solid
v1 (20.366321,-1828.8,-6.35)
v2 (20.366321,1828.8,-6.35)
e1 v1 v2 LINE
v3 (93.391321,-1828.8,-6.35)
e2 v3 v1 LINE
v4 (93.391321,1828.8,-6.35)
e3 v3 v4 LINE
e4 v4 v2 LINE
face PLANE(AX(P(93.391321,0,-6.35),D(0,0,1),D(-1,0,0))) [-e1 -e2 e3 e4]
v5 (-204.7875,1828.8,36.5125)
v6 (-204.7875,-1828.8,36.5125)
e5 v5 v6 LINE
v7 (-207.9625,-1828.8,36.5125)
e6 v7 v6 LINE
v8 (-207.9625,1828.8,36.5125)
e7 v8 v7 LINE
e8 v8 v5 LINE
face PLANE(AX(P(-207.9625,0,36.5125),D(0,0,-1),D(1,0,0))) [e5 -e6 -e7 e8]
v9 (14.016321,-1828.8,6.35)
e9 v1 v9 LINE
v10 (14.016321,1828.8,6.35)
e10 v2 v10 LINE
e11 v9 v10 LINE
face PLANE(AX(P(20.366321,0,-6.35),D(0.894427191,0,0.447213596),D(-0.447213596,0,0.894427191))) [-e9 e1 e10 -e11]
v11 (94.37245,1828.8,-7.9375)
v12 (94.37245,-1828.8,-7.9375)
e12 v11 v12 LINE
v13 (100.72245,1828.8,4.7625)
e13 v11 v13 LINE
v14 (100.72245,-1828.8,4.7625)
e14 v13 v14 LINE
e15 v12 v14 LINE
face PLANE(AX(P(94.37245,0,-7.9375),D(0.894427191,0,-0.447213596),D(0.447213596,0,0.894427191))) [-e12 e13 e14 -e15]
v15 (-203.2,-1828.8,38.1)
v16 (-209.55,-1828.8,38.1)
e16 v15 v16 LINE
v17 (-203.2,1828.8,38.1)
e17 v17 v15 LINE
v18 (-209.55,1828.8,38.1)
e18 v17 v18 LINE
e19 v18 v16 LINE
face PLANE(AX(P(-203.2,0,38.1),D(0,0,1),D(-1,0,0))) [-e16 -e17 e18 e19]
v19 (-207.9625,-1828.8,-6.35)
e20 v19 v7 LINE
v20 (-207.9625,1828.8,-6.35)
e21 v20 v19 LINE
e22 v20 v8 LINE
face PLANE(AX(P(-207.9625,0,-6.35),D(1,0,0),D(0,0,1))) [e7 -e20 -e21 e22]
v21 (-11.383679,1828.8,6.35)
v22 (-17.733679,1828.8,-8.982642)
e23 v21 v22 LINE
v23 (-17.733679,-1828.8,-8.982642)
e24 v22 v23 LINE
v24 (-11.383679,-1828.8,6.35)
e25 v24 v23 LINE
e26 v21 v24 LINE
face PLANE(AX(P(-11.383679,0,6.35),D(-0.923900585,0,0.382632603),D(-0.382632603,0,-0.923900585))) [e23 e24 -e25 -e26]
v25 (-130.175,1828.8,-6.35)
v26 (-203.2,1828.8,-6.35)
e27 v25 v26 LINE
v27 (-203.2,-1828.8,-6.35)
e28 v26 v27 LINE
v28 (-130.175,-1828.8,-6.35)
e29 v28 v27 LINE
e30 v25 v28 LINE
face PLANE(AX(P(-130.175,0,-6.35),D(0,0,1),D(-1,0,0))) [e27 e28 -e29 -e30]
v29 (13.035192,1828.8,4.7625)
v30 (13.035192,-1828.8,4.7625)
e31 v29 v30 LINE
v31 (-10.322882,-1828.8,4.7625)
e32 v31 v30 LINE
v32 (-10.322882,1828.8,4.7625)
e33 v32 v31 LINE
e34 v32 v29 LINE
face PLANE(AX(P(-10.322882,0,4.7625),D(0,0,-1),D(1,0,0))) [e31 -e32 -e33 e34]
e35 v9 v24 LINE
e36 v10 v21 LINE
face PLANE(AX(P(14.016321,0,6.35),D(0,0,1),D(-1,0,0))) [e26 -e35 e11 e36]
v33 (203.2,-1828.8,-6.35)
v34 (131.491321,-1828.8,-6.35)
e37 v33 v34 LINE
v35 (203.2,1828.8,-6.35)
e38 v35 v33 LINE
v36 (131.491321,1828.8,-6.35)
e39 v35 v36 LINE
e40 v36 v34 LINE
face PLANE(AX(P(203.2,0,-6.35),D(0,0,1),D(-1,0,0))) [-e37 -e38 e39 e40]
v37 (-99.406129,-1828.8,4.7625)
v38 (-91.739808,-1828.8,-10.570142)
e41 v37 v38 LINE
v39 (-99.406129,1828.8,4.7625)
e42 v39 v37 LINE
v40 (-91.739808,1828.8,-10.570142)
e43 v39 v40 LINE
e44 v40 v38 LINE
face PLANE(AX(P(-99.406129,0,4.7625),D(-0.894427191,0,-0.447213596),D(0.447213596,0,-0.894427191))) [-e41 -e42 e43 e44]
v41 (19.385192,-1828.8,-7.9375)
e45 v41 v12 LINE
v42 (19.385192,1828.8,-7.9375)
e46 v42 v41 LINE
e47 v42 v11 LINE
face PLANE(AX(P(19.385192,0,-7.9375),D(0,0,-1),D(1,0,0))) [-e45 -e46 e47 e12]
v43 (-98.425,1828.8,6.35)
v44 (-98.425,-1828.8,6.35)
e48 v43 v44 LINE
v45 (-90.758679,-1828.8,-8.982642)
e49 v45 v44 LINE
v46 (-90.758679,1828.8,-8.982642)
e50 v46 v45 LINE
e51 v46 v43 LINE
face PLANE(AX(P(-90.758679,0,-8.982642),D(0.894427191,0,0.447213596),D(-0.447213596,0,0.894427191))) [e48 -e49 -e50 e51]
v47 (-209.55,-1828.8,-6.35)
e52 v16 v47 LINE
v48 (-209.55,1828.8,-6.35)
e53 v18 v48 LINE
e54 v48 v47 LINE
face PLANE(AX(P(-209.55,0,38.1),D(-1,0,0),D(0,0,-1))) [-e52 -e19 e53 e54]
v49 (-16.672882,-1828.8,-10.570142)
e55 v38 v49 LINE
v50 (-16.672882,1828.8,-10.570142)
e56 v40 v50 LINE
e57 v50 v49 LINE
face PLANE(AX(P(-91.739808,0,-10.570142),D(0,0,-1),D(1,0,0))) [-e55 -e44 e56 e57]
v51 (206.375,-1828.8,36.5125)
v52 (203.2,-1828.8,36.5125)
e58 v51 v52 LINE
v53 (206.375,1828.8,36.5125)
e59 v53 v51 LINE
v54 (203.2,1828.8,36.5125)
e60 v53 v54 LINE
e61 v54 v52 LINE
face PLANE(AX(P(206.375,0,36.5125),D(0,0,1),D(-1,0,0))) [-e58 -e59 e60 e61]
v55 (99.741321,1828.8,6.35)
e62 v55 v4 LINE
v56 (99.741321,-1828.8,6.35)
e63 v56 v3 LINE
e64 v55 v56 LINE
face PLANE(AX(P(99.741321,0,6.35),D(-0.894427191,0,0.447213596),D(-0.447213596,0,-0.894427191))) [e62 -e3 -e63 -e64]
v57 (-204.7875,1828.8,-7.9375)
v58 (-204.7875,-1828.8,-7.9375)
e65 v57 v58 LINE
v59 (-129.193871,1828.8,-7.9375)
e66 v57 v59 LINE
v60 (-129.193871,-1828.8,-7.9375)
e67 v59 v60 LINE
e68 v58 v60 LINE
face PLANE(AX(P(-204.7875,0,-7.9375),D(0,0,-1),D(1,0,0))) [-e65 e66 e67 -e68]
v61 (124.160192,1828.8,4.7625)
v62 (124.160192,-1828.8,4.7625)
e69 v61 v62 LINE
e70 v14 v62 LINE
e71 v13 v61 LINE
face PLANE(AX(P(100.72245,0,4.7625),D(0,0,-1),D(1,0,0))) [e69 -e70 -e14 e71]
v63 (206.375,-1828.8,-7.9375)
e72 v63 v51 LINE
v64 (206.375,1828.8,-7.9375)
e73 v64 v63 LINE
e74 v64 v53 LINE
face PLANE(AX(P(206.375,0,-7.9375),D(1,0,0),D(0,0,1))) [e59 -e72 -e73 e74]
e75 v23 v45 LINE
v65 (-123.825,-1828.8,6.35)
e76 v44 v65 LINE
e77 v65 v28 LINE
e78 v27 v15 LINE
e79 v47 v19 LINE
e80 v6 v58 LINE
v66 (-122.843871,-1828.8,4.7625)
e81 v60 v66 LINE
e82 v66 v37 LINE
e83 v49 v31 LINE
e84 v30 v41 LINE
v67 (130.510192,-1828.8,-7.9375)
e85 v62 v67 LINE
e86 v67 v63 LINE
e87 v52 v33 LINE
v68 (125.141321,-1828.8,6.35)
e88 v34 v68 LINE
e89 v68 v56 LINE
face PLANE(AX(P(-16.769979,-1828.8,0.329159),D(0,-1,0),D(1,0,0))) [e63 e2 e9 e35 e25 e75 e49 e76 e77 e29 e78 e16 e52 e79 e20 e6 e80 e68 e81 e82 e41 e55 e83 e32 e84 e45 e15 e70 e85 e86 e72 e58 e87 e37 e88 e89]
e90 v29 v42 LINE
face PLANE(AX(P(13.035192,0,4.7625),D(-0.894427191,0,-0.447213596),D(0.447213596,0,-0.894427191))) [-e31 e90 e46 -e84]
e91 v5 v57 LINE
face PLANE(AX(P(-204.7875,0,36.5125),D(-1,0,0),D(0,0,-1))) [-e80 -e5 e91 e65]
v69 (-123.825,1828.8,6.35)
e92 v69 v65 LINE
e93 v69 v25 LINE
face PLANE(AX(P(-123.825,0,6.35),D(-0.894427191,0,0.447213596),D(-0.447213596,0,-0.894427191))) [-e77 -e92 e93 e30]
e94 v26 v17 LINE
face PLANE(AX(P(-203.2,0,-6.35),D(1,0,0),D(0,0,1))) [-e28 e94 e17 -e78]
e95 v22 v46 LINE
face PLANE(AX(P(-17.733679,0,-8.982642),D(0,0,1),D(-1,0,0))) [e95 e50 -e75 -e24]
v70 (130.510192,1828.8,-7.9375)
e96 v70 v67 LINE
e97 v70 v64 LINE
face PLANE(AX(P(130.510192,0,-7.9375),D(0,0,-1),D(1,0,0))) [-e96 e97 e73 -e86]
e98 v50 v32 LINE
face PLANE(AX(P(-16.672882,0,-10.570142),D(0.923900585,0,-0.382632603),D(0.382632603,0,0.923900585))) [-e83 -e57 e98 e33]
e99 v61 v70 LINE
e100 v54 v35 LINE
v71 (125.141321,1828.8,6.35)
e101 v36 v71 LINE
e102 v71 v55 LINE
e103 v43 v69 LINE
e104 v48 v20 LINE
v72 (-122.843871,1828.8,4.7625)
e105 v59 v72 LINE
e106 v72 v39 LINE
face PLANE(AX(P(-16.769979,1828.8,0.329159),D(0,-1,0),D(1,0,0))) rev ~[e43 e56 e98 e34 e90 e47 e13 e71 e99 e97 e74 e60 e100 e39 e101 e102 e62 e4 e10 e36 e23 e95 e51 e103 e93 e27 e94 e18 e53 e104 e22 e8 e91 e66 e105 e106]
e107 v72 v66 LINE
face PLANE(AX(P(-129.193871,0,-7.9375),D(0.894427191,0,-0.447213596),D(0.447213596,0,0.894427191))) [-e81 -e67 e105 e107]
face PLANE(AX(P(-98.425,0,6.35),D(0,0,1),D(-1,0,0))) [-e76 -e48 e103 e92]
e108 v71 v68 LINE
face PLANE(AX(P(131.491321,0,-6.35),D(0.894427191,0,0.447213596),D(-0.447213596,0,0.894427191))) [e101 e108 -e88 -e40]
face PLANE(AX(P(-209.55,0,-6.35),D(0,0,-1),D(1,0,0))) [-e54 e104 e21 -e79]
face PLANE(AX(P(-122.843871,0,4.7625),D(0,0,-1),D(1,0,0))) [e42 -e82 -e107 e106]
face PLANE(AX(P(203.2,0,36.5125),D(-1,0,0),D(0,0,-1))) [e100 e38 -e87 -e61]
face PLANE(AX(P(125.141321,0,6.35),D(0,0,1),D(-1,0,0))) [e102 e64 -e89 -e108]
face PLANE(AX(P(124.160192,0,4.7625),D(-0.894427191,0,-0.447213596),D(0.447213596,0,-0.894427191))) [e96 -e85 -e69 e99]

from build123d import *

# Parameters (mm, degrees)
F1_DEPTH = 1828.8


with BuildPart() as f1:
    # F0 (on Front) → F1 (new body, symmetric)
    with BuildSketch(Plane.XZ):
        Polygon((14.016321, 6.35), (-11.383679, 6.35), (-17.733679, -8.982642), (-90.758679, -8.982642), (-98.425, 6.35), (-123.825, 6.35), (-130.175, -6.35), (-203.2, -6.35), (-203.2, 38.1), (-209.55, 38.1), (-209.55, -6.35), (-207.9625, -6.35), (-207.9625, 36.5125), (-204.7875, 36.5125), (-204.7875, -7.9375), (-129.193871, -7.9375), (-122.843871, 4.7625), (-99.406129, 4.7625), (-91.739808, -10.570142), (-16.672882, -10.570142), (-10.322882, 4.7625), (13.035192, 4.7625), (19.385192, -7.9375), (94.37245, -7.9375), (100.72245, 4.7625), (124.160192, 4.7625), (130.510192, -7.9375), (204.516321, -7.9375), (206.375, -7.9375), (206.375, 36.5125), (203.2, 36.5125), (203.2, -6.35), (131.491321, -6.35), (125.141321, 6.35), (99.741321, 6.35), (93.391321, -6.35), (20.366321, -6.35), align=None)
    extrude(amount=F1_DEPTH, both=True)


solid = f1.part
